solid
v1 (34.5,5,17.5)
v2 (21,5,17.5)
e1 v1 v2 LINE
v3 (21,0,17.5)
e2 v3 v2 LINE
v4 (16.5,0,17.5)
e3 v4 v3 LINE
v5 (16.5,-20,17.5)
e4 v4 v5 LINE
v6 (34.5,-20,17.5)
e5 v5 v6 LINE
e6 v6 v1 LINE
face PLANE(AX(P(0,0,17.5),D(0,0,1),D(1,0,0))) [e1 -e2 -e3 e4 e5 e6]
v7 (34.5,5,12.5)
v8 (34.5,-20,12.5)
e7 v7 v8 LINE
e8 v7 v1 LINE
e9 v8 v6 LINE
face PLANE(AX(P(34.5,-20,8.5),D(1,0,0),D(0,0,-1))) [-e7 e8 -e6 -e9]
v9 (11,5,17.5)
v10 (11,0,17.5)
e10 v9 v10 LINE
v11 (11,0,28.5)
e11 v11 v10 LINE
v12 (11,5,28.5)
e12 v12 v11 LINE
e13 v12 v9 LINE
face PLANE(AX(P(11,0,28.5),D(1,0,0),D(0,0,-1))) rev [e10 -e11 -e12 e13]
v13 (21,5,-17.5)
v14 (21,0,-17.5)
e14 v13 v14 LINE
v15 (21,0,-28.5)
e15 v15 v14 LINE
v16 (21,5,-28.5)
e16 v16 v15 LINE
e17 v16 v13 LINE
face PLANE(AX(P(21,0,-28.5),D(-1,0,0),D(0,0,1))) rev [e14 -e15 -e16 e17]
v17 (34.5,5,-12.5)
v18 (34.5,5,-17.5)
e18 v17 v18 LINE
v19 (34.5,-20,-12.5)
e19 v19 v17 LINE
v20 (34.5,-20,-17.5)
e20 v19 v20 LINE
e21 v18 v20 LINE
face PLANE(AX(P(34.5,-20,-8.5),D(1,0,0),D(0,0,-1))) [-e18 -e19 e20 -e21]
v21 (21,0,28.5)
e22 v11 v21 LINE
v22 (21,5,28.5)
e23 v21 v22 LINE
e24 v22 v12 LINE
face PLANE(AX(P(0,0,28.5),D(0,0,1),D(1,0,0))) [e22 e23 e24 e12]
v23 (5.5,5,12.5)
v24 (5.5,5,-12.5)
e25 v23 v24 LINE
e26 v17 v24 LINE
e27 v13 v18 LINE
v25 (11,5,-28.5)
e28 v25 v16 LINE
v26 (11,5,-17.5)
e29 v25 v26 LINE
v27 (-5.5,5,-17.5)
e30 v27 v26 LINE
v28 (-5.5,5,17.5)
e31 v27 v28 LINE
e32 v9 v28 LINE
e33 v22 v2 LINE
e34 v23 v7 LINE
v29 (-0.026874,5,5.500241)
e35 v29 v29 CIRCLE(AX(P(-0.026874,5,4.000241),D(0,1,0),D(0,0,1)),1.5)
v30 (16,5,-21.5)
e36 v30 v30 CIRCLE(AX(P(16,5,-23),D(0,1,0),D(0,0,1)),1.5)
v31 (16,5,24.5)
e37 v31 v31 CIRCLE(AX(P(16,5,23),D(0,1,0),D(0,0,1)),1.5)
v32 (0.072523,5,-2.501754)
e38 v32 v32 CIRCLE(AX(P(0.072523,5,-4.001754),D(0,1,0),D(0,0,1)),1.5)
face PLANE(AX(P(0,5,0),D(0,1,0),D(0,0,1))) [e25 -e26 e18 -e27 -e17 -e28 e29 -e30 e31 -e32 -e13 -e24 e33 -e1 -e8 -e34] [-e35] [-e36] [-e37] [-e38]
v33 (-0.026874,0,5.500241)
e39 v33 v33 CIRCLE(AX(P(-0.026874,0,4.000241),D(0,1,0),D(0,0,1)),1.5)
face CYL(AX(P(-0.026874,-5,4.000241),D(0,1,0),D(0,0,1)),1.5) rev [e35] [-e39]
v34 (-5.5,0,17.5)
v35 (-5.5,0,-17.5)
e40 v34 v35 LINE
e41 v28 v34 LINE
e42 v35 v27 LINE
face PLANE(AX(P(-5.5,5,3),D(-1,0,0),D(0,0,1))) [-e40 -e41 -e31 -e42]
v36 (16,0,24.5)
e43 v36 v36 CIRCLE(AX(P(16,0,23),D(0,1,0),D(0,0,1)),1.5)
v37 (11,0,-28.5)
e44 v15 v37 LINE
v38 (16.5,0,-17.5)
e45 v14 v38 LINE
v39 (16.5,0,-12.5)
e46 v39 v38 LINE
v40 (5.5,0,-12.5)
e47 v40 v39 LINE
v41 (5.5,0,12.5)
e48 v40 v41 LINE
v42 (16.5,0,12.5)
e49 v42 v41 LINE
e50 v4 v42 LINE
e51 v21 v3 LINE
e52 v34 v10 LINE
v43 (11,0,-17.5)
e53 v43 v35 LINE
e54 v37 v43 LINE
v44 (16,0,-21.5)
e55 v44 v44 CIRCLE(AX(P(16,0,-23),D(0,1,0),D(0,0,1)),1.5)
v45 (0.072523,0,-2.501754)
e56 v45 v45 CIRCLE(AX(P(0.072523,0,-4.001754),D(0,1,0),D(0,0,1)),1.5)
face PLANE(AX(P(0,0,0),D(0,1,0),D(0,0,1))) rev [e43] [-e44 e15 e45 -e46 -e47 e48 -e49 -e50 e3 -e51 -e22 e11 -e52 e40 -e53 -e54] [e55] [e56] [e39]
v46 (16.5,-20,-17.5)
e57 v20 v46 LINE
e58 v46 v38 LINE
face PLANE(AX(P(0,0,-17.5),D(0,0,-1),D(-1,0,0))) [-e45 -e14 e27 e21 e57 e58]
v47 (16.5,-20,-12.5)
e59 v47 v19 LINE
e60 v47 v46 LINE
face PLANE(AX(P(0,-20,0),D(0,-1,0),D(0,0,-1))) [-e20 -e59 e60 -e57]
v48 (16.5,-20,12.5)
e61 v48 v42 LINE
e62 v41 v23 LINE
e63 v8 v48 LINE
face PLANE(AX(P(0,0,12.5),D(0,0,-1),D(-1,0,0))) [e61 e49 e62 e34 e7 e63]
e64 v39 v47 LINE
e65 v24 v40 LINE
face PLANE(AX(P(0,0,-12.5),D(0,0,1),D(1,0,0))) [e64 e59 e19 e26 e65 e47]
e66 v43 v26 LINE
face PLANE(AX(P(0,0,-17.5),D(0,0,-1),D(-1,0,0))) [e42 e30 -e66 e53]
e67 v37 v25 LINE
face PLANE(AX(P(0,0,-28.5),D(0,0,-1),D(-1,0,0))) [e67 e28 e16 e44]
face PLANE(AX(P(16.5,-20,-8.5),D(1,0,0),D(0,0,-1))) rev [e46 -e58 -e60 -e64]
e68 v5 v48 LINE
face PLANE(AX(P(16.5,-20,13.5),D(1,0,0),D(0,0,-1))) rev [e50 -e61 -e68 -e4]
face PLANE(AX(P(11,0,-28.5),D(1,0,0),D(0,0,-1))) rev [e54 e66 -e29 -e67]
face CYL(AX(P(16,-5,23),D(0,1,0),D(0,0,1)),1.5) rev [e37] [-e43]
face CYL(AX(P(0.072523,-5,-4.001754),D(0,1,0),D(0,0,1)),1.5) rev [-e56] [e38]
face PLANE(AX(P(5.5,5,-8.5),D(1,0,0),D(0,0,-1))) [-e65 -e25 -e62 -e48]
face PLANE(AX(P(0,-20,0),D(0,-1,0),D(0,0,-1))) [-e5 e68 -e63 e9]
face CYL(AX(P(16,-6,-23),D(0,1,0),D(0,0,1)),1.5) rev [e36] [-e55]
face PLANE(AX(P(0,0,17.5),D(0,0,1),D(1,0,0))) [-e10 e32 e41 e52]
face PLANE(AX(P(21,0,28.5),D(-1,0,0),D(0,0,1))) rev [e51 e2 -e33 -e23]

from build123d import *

# Parameters (mm, degrees)
BOSS_EXTRUDE1_DEPTH              = 5
SKETCH3_W                        = 11
SKETCH3_H                        = 5
BOSS_EXTRUDE2_DEPTH              = 5
SKETCH4_W                        = 5
SKETCH4_H                        = 5
BOSS_EXTRUDE3_DEPTH              = 21
SKETCH5_W                        = 10
SKETCH5_H                        = 5
BOSS_EXTRUDE4_DEPTH              = 20
SKETCH6_W                        = 11
SKETCH6_H                        = 5
BOSS_EXTRUDE5_DEPTH              = 5
SKETCH7_W                        = 5
SKETCH7_H                        = 5
BOSS_EXTRUDE6_DEPTH              = 21
SKETCH8_W                        = 10
SKETCH8_H                        = 5
BOSS_EXTRUDE7_DEPTH              = 20
SKETCH11_W                       = 10
SKETCH11_H                       = 5
BOSS_EXTRUDE8_DEPTH              = 3.5
SKETCH12_W                       = 10
SKETCH12_H                       = 5
BOSS_EXTRUDE9_DEPTH              = 3.5
CUT_EXTRUDE6_DEPTH               = 14.5
CUT_EXTRUDE8_DEPTH               = 41.078048855
CUT_EXTRUDE8_DEPTH_BACK          = 14.5
SKETCH17_W                       = 1.38
SKETCH17_H                       = 3.56
CUT_EXTRUDE9_DEPTH               = 14.5
CUT_EXTRUDE10_DEPTH              = 14.5
SKETCH_1_W                       = 8
SKETCH_1_H                       = 25
EXTRUDE_1_DEPTH                  = 5
SKETCH_2_W                       = 8
SKETCH_2_H                       = 25
EXTRUDE_2_DEPTH                  = 5
SKIZZE1_R                        = 1.5
SCHNITT_LINEAR_AUSTRAGEN1_DEPTH  = 10
AUFSATZ_LINEAR_AUSTRAGEN1_DEPTH  = 4
SKIZZE3_W                        = 10
SKIZZE3_H                        = 5
SCHNITT_LINEAR_AUSTRAGEN2_DEPTH  = 3.5
SCHNITT_LINEAR_AUSTRAGEN3_DEPTH  = 4
AUFSATZ_LINEAR_AUSTRAGEN3_DEPTH  = 11
SKIZZE7_R                        = 1.5
SCHNITT_LINEAR_AUSTRAGEN6_DEPTH  = 10
SKIZZE8_W                        = 10
SKIZZE8_H                        = 5
SCHNITT_LINEAR_AUSTRAGEN8_DEPTH  = 4
AUFSATZ_LINEAR_AUSTRAGEN4_DEPTH  = 4
SCHNITT_LINEAR_AUSTRAGEN9_DEPTH  = 4
AUFSATZ_LINEAR_AUSTRAGEN6_DEPTH  = 11
SKIZZE12_R                       = 1.5
SCHNITT_LINEAR_AUSTRAGEN10_DEPTH = 11


with BuildPart() as part:
    # Sketch1 → Boss-Extrude1 (new body)
    with BuildSketch(Plane(origin=(0, 0, 0), x_dir=(1, 0, 0), z_dir=(0, 1, 0))):
        Polygon((5.5, 3), (5.5, 0), (5.5, -3), (5.5, -8.5), (0, -8.5), (-5.5, -8.5), (-5.5, -3), (-5.5, 8.5), (0, 8.5), (5.5, 8.5), align=None)
    extrude(amount=BOSS_EXTRUDE1_DEPTH)

    # Sketch3 → Boss-Extrude2 (add)
    with BuildSketch(Plane.XY.offset(8.5)):
        with Locations((0, 2.5)):
            Rectangle(SKETCH3_W, SKETCH3_H)
    extrude(amount=BOSS_EXTRUDE2_DEPTH)

    # Sketch4 → Boss-Extrude3 (add)
    with BuildSketch(Plane(origin=(5.5, 0, 0), x_dir=(0, 0, -1), z_dir=(1, 0, 0))):
        with Locations((-11, 2.5)):
            Rectangle(SKETCH4_W, SKETCH4_H)
    extrude(amount=BOSS_EXTRUDE3_DEPTH)

    # Sketch5 → Boss-Extrude4 (add)
    with BuildSketch(Plane.XZ):
        with Locations((21.5, 11)):
            Rectangle(SKETCH5_W, SKETCH5_H)
    extrude(amount=BOSS_EXTRUDE4_DEPTH)

    # Sketch6 → Boss-Extrude5 (add)
    with BuildSketch(Plane(origin=(0, 0, -8.5), x_dir=(-1, 0, 0), z_dir=(0, 0, -1))):
        with Locations((0, 2.5)):
            Rectangle(SKETCH6_W, SKETCH6_H)
    extrude(amount=BOSS_EXTRUDE5_DEPTH)

    # Sketch7 → Boss-Extrude6 (add)
    with BuildSketch(Plane(origin=(5.5, 0, 0), x_dir=(0, 0, -1), z_dir=(1, 0, 0))):
        with Locations((11, 2.5)):
            Rectangle(SKETCH7_W, SKETCH7_H)
    extrude(amount=BOSS_EXTRUDE6_DEPTH)

    # Sketch8 → Boss-Extrude7 (add)
    with BuildSketch(Plane(origin=(0, 0, 0), x_dir=(-1, 0, 0), z_dir=(0, -1, 0))):
        with Locations((-21.5, 11)):
            Rectangle(SKETCH8_W, SKETCH8_H)
    extrude(amount=BOSS_EXTRUDE7_DEPTH)

    # Sketch11 → Boss-Extrude8 (add)
    with BuildSketch(Plane(origin=(0, 0, 8.5), x_dir=(-1, 0, 0), z_dir=(0, 0, -1))):
        with Locations((-21.5, -12.5)):
            Rectangle(SKETCH11_W, SKETCH11_H)
    extrude(amount=BOSS_EXTRUDE8_DEPTH)

    # Sketch12 → Boss-Extrude9 (add)
    with BuildSketch(Plane.XY.offset(-8.5)):
        with Locations((21.5, -12.5)):
            Rectangle(SKETCH12_W, SKETCH12_H)
    extrude(amount=BOSS_EXTRUDE9_DEPTH)

    # Sketch14 → Cut-Extrude6 (cut)
    with BuildSketch(Plane(origin=(26.5, 0, 0), x_dir=(0, 0, -1), z_dir=(1, 0, 0))):
        Polygon((-6.379568334, -12.879568334), (-6.379568334, -15), (-5, -15), (-5, -11.439784167), (-6.379568334, -11.439784167), align=None)
    extrude(amount=-CUT_EXTRUDE6_DEPTH, mode=Mode.SUBTRACT)

    # Sketch16 → Cut-Extrude8 (cut, two sides: drawn at the far end of the back side and taken through both)
    with BuildSketch(Plane(origin=(26.5, 0, 0), x_dir=(0, 0, -1), z_dir=(1, 0, 0)).offset(-CUT_EXTRUDE8_DEPTH_BACK)):
        Polygon((-6.379568334, -13), (-8.5, -15), (-7.439784167, -15), (-6.379568334, -15), align=None)
    extrude(amount=CUT_EXTRUDE8_DEPTH + CUT_EXTRUDE8_DEPTH_BACK, mode=Mode.SUBTRACT)

    # Sketch17 → Cut-Extrude9 (cut)
    with BuildSketch(Plane(origin=(26.5, 0, 0), x_dir=(0, 0, -1), z_dir=(1, 0, 0))):
        with Locations((5.69, -13.22)):
            Rectangle(SKETCH17_W, SKETCH17_H)
    extrude(amount=-CUT_EXTRUDE9_DEPTH, mode=Mode.SUBTRACT)

    # Sketch18 → Cut-Extrude10 (cut)
    with BuildSketch(Plane(origin=(26.5, 0, 0), x_dir=(0, 0, -1), z_dir=(1, 0, 0))):
        Polygon((6.38, -13), (6.38, -15), (8.5, -15), align=None)
    extrude(amount=-CUT_EXTRUDE10_DEPTH, mode=Mode.SUBTRACT)

    # 草图1 → 凸台-拉伸1 (add)
    with BuildSketch(Plane.XY.offset(13.5)):
        with Locations((30.5, -7.5)):
            Rectangle(SKETCH_1_W, SKETCH_1_H)
    extrude(amount=-EXTRUDE_1_DEPTH)

    # 草图2 → 凸台-拉伸2 (add)
    with BuildSketch(Plane(origin=(0, 0, -13.5), x_dir=(-1, 0, 0), z_dir=(0, 0, -1))):
        with Locations((-30.5, -7.5)):
            Rectangle(SKETCH_2_W, SKETCH_2_H)
    extrude(amount=-EXTRUDE_2_DEPTH)

    # Skizze1 → Schnitt-Linear austragen1 (cut)
    with BuildSketch(Plane(origin=(0, 5, 0), x_dir=(1, 0, 0), z_dir=(0, 1, 0))):
        with Locations(Location((-0.02687413, -4.000240759, 0), (0, 0, 270))):
            Circle(SKIZZE1_R)
        with Locations(Location((0.072523116, 4.001754227, 0), (0, 0, 270))):
            Circle(SKIZZE1_R)
    extrude(amount=-SCHNITT_LINEAR_AUSTRAGEN1_DEPTH, mode=Mode.SUBTRACT)

    # Skizze2 → Aufsatz-Linear austragen1 (add)
    with BuildSketch(Plane.XY.offset(13.5)):
        Polygon((-5.5, 5), (-5.5, 0), (16.5, 0), (16.5, -20), (34.5, -20), (34.5, 5), align=None)
    extrude(amount=AUFSATZ_LINEAR_AUSTRAGEN1_DEPTH)

    # Skizze3 → Schnitt-Linear austragen2 (cut)
    with BuildSketch(Plane(origin=(0, 0, 5), x_dir=(-1, 0, 0), z_dir=(0, 0, -1))):
        with Locations((-21.5, -12.5)):
            Rectangle(SKIZZE3_W, SKIZZE3_H)
    extrude(amount=-SCHNITT_LINEAR_AUSTRAGEN2_DEPTH, mode=Mode.SUBTRACT)

    # Skizze4 → Schnitt-Linear austragen3 (cut)
    with BuildSketch(Plane(origin=(0, 0, 8.5), x_dir=(-1, 0, 0), z_dir=(0, 0, -1))):
        Polygon((-34.5, 5), (-34.5, -20), (-16.5, -20), (-16.5, 0), (-5.5, 0), (-5.5, 5), align=None)
    extrude(amount=-SCHNITT_LINEAR_AUSTRAGEN3_DEPTH, mode=Mode.SUBTRACT)

    # Skizze6 → Aufsatz-Linear austragen3 (add)
    with BuildSketch(Plane.XY.offset(17.5)):
        Polygon((16, 5), (11, 5), (11, 0), (16.5, 0), (21, 0), (21, 5), align=None)
    extrude(amount=AUFSATZ_LINEAR_AUSTRAGEN3_DEPTH)

    # Skizze7 → Schnitt-Linear austragen6 (cut)
    with BuildSketch(Plane(origin=(0, 5, 0), x_dir=(1, 0, 0), z_dir=(0, 1, 0))):
        with Locations(Location((16, -23, 0), (0, 0, 270))):
            Circle(SKIZZE7_R)
    extrude(amount=-SCHNITT_LINEAR_AUSTRAGEN6_DEPTH, mode=Mode.SUBTRACT)

    # Skizze8 → Schnitt-Linear austragen8 (cut)
    with BuildSketch(Plane.XY.offset(-8.5)):
        with Locations((21.5, -12.5)):
            Rectangle(SKIZZE8_W, SKIZZE8_H)
    extrude(amount=SCHNITT_LINEAR_AUSTRAGEN8_DEPTH, mode=Mode.SUBTRACT)

    # Skizze9 → Aufsatz-Linear austragen4 (add)
    with BuildSketch(Plane(origin=(0, 0, -13.5), x_dir=(-1, 0, 0), z_dir=(0, 0, -1))):
        Polygon((-34.5, 5), (-34.5, -20), (-16.5, -20), (-16.5, 0), (5.5, 0), (5.5, 5), align=None)
    extrude(amount=AUFSATZ_LINEAR_AUSTRAGEN4_DEPTH)

    # Skizze10 → Schnitt-Linear austragen9 (cut)
    with BuildSketch(Plane.XY.offset(-8.5)):
        Polygon((5.5, 5), (5.5, 0), (16.5, 0), (16.5, -20), (34.5, -20), (34.5, 5), align=None)
    extrude(amount=-SCHNITT_LINEAR_AUSTRAGEN9_DEPTH, mode=Mode.SUBTRACT)

    # Skizze11 → Aufsatz-Linear austragen6 (add)
    with BuildSketch(Plane(origin=(0, 0, -17.5), x_dir=(-1, 0, 0), z_dir=(0, 0, -1))):
        Polygon((-11, 0), (-11, 5), (-21, 5), (-21, 0), (-16.5, 0), align=None)
    extrude(amount=AUFSATZ_LINEAR_AUSTRAGEN6_DEPTH)

    # Skizze12 → Schnitt-Linear austragen10 (cut)
    with BuildSketch(Plane(origin=(0, 5, 0), x_dir=(1, 0, 0), z_dir=(0, 1, 0))):
        with Locations(Location((16, 23, 0), (0, 0, 270))):
            Circle(SKIZZE12_R)
    extrude(amount=-SCHNITT_LINEAR_AUSTRAGEN10_DEPTH, mode=Mode.SUBTRACT)


solid = part.part
